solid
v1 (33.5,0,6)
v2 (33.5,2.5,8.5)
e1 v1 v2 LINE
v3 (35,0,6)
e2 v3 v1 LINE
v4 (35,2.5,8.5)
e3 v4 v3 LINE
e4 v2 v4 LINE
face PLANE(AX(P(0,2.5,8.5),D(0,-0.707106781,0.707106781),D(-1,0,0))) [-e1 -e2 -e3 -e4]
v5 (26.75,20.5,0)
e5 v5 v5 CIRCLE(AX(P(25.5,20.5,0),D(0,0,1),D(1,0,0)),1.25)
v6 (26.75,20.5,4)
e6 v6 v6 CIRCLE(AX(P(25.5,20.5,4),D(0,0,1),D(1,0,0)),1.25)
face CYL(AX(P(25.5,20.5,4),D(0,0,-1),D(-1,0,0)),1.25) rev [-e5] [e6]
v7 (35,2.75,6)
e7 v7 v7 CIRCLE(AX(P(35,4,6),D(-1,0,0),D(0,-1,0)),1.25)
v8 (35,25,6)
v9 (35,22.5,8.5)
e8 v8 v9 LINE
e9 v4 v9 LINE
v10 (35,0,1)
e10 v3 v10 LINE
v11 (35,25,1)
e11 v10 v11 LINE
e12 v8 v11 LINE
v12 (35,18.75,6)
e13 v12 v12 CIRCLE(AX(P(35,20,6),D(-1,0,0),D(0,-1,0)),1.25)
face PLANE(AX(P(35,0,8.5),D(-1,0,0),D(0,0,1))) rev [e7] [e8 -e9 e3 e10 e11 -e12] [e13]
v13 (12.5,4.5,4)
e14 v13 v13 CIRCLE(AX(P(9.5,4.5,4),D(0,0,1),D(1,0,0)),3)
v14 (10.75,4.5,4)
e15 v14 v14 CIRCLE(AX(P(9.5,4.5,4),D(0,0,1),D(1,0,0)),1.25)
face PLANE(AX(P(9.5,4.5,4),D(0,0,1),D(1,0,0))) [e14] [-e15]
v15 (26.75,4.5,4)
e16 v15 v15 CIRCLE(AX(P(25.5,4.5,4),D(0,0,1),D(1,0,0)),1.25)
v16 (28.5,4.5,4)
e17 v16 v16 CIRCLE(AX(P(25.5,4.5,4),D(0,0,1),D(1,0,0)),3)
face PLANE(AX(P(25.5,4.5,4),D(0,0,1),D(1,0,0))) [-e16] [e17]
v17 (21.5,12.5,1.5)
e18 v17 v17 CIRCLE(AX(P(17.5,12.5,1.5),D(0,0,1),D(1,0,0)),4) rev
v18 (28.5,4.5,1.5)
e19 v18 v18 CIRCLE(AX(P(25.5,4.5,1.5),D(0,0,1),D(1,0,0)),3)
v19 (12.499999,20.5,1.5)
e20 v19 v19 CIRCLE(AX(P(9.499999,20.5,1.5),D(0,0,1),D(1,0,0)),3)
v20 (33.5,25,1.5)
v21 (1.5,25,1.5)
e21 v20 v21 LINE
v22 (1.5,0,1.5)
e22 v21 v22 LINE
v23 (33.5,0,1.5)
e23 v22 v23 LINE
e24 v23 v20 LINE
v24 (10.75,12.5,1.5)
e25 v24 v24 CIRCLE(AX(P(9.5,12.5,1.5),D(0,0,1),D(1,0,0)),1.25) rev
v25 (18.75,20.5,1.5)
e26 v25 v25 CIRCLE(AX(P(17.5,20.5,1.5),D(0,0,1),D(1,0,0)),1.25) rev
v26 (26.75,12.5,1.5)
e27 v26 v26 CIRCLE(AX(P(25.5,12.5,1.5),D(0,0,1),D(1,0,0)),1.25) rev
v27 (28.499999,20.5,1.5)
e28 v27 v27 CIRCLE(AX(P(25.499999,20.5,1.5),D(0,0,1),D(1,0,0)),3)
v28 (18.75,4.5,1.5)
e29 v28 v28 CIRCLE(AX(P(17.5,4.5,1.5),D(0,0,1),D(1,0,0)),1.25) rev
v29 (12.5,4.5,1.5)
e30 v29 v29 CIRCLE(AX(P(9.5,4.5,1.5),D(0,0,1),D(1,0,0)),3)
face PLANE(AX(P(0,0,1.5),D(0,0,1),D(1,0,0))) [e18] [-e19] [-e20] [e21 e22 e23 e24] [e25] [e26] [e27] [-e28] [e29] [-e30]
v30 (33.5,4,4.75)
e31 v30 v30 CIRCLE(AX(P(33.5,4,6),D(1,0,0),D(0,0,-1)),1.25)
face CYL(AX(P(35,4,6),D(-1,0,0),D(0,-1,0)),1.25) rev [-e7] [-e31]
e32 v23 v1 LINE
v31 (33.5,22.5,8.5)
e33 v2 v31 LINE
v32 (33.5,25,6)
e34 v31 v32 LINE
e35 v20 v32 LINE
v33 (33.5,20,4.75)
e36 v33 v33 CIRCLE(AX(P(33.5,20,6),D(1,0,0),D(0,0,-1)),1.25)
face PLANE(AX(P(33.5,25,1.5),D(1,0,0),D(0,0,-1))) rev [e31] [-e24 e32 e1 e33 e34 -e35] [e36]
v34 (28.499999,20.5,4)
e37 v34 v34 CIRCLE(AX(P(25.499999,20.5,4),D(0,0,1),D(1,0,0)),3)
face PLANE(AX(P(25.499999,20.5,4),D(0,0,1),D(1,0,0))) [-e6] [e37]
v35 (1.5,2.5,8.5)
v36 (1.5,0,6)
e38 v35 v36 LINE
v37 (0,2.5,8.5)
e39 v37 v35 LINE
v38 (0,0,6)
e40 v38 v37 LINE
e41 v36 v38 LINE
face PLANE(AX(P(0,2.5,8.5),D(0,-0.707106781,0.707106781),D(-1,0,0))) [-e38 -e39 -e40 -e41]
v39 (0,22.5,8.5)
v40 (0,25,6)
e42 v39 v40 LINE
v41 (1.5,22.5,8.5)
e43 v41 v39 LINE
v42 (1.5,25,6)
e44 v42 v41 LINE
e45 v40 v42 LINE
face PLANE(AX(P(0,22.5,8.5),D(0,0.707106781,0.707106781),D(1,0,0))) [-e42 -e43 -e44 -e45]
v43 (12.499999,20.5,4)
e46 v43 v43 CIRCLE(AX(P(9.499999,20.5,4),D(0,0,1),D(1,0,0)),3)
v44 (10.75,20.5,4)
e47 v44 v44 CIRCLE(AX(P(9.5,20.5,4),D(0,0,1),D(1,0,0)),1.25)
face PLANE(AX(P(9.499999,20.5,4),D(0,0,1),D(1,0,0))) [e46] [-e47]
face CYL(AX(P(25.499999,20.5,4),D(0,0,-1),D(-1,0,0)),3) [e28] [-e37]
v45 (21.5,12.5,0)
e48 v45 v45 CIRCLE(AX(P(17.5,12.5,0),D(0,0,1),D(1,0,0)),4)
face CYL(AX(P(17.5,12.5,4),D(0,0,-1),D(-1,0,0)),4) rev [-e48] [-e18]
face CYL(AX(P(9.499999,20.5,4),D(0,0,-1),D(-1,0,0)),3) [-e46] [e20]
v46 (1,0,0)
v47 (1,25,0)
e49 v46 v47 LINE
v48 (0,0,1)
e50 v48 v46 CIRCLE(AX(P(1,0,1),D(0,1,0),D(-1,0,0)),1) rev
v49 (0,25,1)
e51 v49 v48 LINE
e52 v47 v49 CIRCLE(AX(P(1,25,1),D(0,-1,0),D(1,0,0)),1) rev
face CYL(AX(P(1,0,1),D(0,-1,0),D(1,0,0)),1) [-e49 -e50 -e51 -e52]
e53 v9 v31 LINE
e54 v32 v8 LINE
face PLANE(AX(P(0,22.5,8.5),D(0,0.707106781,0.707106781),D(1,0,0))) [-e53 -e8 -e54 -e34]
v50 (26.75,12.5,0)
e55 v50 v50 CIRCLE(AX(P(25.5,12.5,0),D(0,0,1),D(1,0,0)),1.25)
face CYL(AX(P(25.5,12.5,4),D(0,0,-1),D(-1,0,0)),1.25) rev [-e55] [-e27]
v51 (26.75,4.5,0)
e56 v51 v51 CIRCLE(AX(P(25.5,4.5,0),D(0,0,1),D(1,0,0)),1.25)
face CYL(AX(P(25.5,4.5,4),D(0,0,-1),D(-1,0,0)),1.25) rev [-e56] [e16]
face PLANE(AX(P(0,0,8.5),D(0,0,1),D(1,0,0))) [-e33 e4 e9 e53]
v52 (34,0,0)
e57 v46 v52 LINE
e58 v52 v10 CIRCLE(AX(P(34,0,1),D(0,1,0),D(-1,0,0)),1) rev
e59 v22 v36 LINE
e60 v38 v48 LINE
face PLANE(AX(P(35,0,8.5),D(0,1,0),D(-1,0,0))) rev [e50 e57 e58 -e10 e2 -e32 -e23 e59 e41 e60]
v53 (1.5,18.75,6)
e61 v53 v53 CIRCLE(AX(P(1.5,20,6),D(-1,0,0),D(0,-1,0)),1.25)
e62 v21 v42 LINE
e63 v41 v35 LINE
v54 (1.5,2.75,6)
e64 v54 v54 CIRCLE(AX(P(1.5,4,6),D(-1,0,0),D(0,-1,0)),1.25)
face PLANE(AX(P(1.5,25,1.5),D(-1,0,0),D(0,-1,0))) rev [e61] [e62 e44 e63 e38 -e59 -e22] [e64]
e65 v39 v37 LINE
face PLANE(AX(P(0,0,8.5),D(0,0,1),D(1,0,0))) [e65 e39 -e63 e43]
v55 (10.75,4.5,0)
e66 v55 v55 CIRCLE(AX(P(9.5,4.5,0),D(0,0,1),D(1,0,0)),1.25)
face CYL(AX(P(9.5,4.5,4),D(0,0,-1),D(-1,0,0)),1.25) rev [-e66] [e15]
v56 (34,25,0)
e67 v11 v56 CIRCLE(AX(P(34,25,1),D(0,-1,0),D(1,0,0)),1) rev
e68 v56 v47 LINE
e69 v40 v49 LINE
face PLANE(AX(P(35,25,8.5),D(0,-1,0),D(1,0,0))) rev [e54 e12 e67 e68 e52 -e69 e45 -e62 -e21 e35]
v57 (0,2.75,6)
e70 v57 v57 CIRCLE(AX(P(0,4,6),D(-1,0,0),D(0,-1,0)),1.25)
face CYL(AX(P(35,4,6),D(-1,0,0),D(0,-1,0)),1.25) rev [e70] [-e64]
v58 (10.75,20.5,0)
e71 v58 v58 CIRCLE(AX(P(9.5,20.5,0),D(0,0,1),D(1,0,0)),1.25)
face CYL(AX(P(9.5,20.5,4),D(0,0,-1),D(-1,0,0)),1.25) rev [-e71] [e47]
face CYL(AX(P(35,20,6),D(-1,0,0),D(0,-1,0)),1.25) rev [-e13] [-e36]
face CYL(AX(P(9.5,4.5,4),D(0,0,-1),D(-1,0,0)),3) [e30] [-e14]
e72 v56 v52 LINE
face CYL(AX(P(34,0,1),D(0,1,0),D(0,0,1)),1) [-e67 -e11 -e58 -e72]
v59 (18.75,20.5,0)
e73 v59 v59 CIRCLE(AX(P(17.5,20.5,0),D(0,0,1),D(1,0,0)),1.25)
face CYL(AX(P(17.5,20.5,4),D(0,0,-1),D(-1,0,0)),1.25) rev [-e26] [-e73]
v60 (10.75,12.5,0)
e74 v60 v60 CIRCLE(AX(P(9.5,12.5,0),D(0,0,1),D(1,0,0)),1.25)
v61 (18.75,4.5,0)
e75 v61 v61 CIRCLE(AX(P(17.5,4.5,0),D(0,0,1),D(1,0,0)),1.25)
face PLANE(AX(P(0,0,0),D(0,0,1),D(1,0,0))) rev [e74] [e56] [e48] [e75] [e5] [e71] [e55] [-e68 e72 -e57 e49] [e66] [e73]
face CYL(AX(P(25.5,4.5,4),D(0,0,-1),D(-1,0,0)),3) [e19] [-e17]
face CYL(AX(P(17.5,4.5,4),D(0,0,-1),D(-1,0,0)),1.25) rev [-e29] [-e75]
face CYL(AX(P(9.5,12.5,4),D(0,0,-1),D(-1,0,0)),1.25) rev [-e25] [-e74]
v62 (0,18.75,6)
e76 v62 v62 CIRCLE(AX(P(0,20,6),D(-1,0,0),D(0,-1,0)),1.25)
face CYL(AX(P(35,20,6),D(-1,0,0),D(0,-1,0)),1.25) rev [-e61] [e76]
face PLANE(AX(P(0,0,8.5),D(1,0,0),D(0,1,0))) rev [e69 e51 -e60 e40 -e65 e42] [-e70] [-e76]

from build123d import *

# Parameters (mm, degrees)
SKETCH1_W               = 35
SKETCH1_H               = 25
BOSS_EXTRUDE1_DEPTH     = 8.5
SKETCH3_W               = 32
SKETCH3_H               = 25
CUT_EXTRUDE1_DEPTH      = 7
FILLET1_R               = 1
CHAMFER1_SIZE           = 2.5
SKETCH4_R               = 1.25
CUT_EXTRUDE2_DEPTH      = 35
SKETCH5_R               = 3
BOSS_EXTRUDE3_DEPTH     = 2.5
SKETCH7_R               = 4
SKETCH7_R_2             = 1.25
CUT_EXTRUDE3_DEPTH      = 2.5
CUT_EXTRUDE3_DEPTH_BACK = 1.5


with BuildPart() as part:
    # Sketch1 → Boss-Extrude1 (new body)
    with BuildSketch(Plane.XY):
        with Locations((17.5, 12.5)):
            Rectangle(SKETCH1_W, SKETCH1_H)
    extrude(amount=BOSS_EXTRUDE1_DEPTH)

    # Sketch3 → Cut-Extrude1 (cut)
    with BuildSketch(Plane.XY.offset(8.5)):
        with Locations((17.5, 12.5)):
            Rectangle(SKETCH3_W, SKETCH3_H)
    extrude(amount=-CUT_EXTRUDE1_DEPTH, mode=Mode.SUBTRACT)

    # Fillet1
    fillet1_edges = [part.edges().sort_by_distance(p)[0] for p in [
        (0, 12.5, 0),
        (35, 12.5, 0),
    ]]
    fillet(fillet1_edges, radius=FILLET1_R)

    # Chamfer1
    chamfer1_edges = [part.edges().sort_by_distance(p)[0] for p in [
        (0.75, 0, 8.5),
        (0.75, 25, 8.5),
        (34.25, 0, 8.5),
        (34.25, 25, 8.5),
    ]]
    chamfer(chamfer1_edges, length=CHAMFER1_SIZE)

    # Sketch4 → Cut-Extrude2 (cut)
    with BuildSketch(Plane.ZY):
        with Locations((6, 20)):
            Circle(SKETCH4_R)
        with Locations((6, 4)):
            Circle(SKETCH4_R)
    extrude(amount=-CUT_EXTRUDE2_DEPTH, mode=Mode.SUBTRACT)

    # Sketch5 → Boss-Extrude3 (add)
    with BuildSketch(Plane.XY.offset(1.5)):
        with Locations((9.5, 4.5)):
            Circle(SKETCH5_R)
        with Locations((25.5, 4.5)):
            Circle(SKETCH5_R)
        with Locations((25.499999171, 20.5)):
            Circle(SKETCH5_R)
        with Locations((9.499999171, 20.5)):
            Circle(SKETCH5_R)
    extrude(amount=BOSS_EXTRUDE3_DEPTH)

    # Sketch7 → Cut-Extrude3 (cut, two sides)
    with BuildSketch(Plane.XY.offset(1.5)) as cut_extrude3_sk:
        with Locations((17.5, 12.5)):
            Circle(SKETCH7_R)
        with Locations((9.5, 4.5)):
            Circle(SKETCH7_R_2)
        with Locations((17.5, 4.5)):
            Circle(SKETCH7_R_2)
        with Locations((25.5, 4.5)):
            Circle(SKETCH7_R_2)
        with Locations((25.5, 12.5)):
            Circle(SKETCH7_R_2)
        with Locations((17.5, 20.5)):
            Circle(SKETCH7_R_2)
        with Locations((25.5, 20.5)):
            Circle(SKETCH7_R_2)
        with Locations((9.5, 12.5)):
            Circle(SKETCH7_R_2)
        with Locations((9.5, 20.5)):
            Circle(SKETCH7_R_2)
    extrude(amount=CUT_EXTRUDE3_DEPTH, mode=Mode.SUBTRACT)
    extrude(cut_extrude3_sk.sketch, amount=-CUT_EXTRUDE3_DEPTH_BACK, mode=Mode.SUBTRACT)


solid = part.part
